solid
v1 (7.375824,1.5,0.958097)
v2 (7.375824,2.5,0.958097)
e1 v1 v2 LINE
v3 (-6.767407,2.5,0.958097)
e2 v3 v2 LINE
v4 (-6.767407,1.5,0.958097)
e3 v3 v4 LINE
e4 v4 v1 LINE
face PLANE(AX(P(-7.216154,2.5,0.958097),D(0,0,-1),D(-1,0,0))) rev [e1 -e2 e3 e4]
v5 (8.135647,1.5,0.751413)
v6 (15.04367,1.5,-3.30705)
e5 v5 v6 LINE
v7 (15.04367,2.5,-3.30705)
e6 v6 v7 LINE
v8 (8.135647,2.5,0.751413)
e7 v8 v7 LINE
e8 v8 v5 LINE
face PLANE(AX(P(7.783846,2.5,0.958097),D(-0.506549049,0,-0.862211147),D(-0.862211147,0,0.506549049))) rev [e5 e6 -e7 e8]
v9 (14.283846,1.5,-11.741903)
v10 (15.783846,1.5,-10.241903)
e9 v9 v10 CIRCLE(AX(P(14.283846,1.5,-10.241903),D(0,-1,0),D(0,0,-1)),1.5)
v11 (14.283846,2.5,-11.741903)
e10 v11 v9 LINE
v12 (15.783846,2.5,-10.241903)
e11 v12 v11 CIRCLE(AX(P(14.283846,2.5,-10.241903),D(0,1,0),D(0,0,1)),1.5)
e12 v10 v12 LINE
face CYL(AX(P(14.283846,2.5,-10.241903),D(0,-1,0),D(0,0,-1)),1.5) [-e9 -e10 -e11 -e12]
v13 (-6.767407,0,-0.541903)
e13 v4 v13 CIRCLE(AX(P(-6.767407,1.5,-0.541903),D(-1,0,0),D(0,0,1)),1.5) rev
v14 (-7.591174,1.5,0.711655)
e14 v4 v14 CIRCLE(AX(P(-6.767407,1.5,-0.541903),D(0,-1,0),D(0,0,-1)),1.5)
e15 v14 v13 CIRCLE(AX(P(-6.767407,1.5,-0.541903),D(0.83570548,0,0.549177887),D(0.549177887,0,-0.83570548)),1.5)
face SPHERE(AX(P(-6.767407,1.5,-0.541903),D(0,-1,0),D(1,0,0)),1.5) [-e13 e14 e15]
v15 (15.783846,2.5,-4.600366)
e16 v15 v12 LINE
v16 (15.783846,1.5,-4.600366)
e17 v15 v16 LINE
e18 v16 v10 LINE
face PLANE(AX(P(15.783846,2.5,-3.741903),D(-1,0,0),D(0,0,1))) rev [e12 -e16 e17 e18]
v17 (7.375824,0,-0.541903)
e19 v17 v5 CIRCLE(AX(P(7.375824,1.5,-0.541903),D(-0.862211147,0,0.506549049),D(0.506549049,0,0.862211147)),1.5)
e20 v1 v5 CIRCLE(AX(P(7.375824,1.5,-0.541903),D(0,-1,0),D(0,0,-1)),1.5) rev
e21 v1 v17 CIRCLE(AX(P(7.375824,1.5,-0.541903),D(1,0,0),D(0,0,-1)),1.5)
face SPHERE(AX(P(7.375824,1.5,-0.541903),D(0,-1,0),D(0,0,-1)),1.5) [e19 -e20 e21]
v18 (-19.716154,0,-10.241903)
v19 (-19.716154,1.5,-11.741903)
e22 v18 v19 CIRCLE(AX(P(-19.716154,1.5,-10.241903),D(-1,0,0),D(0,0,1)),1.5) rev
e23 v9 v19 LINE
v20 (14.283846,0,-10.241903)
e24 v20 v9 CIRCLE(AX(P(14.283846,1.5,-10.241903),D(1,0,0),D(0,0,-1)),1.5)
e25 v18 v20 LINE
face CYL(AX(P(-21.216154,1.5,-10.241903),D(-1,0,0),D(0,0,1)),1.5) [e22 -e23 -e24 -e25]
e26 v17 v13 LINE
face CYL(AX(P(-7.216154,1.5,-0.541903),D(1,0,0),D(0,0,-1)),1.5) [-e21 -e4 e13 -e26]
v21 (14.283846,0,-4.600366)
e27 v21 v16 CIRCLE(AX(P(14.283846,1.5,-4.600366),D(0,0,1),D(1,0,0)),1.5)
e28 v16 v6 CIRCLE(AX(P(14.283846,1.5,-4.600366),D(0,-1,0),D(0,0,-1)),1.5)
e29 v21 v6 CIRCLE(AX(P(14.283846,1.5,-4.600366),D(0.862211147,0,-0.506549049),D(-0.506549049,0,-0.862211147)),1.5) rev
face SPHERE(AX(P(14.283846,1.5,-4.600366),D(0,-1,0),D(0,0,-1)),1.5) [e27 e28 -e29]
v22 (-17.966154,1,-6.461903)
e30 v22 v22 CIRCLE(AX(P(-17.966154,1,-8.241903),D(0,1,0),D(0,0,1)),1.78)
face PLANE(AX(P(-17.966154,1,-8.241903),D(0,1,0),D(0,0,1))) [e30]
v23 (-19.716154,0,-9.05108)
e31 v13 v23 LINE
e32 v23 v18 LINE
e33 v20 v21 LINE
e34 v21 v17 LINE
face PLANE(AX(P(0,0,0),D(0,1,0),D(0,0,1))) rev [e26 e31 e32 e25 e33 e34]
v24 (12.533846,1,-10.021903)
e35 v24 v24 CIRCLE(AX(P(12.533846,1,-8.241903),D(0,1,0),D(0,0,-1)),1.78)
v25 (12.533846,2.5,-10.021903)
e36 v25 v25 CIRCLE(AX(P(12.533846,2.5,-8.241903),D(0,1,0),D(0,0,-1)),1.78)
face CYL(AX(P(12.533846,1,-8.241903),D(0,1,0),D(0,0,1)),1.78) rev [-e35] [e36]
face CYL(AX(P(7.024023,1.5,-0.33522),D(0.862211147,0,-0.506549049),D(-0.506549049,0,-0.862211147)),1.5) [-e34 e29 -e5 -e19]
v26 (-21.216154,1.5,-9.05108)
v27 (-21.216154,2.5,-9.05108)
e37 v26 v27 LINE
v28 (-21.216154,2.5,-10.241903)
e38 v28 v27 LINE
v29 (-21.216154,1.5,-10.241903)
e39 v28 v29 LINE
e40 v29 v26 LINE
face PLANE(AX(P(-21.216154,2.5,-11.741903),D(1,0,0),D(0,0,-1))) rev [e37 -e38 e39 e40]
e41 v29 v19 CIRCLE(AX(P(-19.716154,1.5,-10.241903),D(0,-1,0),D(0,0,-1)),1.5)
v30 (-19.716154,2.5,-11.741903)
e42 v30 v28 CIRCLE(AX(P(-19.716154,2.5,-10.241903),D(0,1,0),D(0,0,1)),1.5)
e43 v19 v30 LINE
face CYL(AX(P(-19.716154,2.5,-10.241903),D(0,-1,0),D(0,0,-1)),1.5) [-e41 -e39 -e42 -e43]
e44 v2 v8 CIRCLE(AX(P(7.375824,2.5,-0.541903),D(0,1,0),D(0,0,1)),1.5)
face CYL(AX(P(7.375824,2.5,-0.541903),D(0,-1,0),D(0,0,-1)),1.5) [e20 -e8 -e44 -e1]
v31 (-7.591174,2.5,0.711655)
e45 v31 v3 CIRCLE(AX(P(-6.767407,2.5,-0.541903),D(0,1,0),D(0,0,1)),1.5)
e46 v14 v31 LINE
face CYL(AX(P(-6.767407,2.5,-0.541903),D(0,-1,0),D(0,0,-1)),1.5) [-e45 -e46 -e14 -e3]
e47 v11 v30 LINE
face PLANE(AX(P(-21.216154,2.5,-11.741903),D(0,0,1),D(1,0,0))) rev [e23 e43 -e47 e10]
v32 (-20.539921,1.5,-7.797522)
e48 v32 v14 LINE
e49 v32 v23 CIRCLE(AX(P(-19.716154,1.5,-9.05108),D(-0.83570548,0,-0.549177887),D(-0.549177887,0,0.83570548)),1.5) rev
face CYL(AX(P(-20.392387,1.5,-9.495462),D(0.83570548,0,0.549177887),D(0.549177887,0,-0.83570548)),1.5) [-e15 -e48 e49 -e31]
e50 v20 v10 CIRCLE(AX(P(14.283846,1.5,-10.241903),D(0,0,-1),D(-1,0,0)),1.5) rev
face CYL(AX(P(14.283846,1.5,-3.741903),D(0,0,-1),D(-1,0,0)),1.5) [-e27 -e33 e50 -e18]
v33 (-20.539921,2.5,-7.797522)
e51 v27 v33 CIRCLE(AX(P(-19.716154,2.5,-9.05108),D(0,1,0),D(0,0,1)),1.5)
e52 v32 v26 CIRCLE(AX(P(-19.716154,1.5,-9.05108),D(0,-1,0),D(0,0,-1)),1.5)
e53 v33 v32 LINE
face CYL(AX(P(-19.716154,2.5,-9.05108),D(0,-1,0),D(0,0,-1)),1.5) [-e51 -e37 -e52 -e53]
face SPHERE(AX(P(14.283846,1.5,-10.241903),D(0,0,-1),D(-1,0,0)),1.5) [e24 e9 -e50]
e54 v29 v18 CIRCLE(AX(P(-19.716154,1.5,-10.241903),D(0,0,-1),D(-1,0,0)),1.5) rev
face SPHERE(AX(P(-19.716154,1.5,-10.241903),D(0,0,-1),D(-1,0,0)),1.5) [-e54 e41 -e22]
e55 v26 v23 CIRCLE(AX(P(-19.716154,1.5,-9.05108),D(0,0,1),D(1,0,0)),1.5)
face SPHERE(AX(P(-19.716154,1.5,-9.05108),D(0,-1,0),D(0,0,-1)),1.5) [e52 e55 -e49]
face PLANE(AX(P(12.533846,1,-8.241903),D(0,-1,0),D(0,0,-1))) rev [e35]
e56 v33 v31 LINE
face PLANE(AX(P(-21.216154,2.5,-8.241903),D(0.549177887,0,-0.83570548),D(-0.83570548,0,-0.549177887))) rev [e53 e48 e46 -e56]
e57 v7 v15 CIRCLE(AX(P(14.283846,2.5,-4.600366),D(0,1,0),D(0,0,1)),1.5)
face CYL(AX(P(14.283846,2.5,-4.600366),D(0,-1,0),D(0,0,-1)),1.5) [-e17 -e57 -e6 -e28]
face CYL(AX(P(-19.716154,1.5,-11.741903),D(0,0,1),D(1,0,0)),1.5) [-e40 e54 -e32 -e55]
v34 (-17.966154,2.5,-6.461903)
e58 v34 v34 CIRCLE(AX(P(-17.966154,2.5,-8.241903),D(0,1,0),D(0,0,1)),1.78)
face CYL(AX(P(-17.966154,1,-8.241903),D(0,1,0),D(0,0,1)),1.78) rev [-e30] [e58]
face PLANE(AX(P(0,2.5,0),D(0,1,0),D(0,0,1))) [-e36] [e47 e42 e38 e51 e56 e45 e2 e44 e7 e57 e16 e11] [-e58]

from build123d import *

# Parameters (mm, degrees)
BOSS_EXTRUDE1_DEPTH = 2.5
SKETCH4_R           = 1.78
CUT_EXTRUDE1_DEPTH  = 1.5
FILLET1_R           = 1.5


with BuildPart() as part:
    # Sketch2 → Boss-Extrude1 (new body)
    with BuildSketch(Plane(origin=(0, 0, 0), x_dir=(1, 0, 0), z_dir=(0, 1, 0))):
        Polygon((-21.216153836, 11.741903429), (-21.216153836, 8.241903429), (-7.216153836, -0.958096571), (7.783846164, -0.958096571), (15.783846164, 3.741903429), (15.783846164, 11.741903429), align=None)
    extrude(amount=BOSS_EXTRUDE1_DEPTH)

    # Sketch4 → Cut-Extrude1 (cut)
    with BuildSketch(Plane(origin=(0, 2.5, 0), x_dir=(1, 0, 0), z_dir=(0, 1, 0))):
        with Locations((-17.966153836, 8.241903429)):
            Circle(SKETCH4_R)
        with Locations((12.533846164, 8.241903429)):
            Circle(SKETCH4_R)
    extrude(amount=-CUT_EXTRUDE1_DEPTH, mode=Mode.SUBTRACT)

    # Fillet1
    fillet1_edges = [part.edges().sort_by_distance(p)[0] for p in [
        (15.783846164, 1.25, -11.741903429),
        (15.783846164, 1.25, -3.741903429),
        (7.783846164, 1.25, 0.958096571),
        (-7.216153836, 1.25, 0.958096571),
        (-21.216153836, 1.25, -8.241903429),
        (-21.216153836, 1.25, -11.741903429),
        (15.783846164, 0, -7.741903429),
        (11.783846164, 0, -1.391903429),
        (0.283846164, 0, 0.958096571),
        (-14.216153836, 0, -3.641903429),
        (-21.216153836, 0, -9.991903429),
        (-2.716153836, 0, -11.741903429),
    ]]
    fillet(fillet1_edges, radius=FILLET1_R)


solid = part.part
